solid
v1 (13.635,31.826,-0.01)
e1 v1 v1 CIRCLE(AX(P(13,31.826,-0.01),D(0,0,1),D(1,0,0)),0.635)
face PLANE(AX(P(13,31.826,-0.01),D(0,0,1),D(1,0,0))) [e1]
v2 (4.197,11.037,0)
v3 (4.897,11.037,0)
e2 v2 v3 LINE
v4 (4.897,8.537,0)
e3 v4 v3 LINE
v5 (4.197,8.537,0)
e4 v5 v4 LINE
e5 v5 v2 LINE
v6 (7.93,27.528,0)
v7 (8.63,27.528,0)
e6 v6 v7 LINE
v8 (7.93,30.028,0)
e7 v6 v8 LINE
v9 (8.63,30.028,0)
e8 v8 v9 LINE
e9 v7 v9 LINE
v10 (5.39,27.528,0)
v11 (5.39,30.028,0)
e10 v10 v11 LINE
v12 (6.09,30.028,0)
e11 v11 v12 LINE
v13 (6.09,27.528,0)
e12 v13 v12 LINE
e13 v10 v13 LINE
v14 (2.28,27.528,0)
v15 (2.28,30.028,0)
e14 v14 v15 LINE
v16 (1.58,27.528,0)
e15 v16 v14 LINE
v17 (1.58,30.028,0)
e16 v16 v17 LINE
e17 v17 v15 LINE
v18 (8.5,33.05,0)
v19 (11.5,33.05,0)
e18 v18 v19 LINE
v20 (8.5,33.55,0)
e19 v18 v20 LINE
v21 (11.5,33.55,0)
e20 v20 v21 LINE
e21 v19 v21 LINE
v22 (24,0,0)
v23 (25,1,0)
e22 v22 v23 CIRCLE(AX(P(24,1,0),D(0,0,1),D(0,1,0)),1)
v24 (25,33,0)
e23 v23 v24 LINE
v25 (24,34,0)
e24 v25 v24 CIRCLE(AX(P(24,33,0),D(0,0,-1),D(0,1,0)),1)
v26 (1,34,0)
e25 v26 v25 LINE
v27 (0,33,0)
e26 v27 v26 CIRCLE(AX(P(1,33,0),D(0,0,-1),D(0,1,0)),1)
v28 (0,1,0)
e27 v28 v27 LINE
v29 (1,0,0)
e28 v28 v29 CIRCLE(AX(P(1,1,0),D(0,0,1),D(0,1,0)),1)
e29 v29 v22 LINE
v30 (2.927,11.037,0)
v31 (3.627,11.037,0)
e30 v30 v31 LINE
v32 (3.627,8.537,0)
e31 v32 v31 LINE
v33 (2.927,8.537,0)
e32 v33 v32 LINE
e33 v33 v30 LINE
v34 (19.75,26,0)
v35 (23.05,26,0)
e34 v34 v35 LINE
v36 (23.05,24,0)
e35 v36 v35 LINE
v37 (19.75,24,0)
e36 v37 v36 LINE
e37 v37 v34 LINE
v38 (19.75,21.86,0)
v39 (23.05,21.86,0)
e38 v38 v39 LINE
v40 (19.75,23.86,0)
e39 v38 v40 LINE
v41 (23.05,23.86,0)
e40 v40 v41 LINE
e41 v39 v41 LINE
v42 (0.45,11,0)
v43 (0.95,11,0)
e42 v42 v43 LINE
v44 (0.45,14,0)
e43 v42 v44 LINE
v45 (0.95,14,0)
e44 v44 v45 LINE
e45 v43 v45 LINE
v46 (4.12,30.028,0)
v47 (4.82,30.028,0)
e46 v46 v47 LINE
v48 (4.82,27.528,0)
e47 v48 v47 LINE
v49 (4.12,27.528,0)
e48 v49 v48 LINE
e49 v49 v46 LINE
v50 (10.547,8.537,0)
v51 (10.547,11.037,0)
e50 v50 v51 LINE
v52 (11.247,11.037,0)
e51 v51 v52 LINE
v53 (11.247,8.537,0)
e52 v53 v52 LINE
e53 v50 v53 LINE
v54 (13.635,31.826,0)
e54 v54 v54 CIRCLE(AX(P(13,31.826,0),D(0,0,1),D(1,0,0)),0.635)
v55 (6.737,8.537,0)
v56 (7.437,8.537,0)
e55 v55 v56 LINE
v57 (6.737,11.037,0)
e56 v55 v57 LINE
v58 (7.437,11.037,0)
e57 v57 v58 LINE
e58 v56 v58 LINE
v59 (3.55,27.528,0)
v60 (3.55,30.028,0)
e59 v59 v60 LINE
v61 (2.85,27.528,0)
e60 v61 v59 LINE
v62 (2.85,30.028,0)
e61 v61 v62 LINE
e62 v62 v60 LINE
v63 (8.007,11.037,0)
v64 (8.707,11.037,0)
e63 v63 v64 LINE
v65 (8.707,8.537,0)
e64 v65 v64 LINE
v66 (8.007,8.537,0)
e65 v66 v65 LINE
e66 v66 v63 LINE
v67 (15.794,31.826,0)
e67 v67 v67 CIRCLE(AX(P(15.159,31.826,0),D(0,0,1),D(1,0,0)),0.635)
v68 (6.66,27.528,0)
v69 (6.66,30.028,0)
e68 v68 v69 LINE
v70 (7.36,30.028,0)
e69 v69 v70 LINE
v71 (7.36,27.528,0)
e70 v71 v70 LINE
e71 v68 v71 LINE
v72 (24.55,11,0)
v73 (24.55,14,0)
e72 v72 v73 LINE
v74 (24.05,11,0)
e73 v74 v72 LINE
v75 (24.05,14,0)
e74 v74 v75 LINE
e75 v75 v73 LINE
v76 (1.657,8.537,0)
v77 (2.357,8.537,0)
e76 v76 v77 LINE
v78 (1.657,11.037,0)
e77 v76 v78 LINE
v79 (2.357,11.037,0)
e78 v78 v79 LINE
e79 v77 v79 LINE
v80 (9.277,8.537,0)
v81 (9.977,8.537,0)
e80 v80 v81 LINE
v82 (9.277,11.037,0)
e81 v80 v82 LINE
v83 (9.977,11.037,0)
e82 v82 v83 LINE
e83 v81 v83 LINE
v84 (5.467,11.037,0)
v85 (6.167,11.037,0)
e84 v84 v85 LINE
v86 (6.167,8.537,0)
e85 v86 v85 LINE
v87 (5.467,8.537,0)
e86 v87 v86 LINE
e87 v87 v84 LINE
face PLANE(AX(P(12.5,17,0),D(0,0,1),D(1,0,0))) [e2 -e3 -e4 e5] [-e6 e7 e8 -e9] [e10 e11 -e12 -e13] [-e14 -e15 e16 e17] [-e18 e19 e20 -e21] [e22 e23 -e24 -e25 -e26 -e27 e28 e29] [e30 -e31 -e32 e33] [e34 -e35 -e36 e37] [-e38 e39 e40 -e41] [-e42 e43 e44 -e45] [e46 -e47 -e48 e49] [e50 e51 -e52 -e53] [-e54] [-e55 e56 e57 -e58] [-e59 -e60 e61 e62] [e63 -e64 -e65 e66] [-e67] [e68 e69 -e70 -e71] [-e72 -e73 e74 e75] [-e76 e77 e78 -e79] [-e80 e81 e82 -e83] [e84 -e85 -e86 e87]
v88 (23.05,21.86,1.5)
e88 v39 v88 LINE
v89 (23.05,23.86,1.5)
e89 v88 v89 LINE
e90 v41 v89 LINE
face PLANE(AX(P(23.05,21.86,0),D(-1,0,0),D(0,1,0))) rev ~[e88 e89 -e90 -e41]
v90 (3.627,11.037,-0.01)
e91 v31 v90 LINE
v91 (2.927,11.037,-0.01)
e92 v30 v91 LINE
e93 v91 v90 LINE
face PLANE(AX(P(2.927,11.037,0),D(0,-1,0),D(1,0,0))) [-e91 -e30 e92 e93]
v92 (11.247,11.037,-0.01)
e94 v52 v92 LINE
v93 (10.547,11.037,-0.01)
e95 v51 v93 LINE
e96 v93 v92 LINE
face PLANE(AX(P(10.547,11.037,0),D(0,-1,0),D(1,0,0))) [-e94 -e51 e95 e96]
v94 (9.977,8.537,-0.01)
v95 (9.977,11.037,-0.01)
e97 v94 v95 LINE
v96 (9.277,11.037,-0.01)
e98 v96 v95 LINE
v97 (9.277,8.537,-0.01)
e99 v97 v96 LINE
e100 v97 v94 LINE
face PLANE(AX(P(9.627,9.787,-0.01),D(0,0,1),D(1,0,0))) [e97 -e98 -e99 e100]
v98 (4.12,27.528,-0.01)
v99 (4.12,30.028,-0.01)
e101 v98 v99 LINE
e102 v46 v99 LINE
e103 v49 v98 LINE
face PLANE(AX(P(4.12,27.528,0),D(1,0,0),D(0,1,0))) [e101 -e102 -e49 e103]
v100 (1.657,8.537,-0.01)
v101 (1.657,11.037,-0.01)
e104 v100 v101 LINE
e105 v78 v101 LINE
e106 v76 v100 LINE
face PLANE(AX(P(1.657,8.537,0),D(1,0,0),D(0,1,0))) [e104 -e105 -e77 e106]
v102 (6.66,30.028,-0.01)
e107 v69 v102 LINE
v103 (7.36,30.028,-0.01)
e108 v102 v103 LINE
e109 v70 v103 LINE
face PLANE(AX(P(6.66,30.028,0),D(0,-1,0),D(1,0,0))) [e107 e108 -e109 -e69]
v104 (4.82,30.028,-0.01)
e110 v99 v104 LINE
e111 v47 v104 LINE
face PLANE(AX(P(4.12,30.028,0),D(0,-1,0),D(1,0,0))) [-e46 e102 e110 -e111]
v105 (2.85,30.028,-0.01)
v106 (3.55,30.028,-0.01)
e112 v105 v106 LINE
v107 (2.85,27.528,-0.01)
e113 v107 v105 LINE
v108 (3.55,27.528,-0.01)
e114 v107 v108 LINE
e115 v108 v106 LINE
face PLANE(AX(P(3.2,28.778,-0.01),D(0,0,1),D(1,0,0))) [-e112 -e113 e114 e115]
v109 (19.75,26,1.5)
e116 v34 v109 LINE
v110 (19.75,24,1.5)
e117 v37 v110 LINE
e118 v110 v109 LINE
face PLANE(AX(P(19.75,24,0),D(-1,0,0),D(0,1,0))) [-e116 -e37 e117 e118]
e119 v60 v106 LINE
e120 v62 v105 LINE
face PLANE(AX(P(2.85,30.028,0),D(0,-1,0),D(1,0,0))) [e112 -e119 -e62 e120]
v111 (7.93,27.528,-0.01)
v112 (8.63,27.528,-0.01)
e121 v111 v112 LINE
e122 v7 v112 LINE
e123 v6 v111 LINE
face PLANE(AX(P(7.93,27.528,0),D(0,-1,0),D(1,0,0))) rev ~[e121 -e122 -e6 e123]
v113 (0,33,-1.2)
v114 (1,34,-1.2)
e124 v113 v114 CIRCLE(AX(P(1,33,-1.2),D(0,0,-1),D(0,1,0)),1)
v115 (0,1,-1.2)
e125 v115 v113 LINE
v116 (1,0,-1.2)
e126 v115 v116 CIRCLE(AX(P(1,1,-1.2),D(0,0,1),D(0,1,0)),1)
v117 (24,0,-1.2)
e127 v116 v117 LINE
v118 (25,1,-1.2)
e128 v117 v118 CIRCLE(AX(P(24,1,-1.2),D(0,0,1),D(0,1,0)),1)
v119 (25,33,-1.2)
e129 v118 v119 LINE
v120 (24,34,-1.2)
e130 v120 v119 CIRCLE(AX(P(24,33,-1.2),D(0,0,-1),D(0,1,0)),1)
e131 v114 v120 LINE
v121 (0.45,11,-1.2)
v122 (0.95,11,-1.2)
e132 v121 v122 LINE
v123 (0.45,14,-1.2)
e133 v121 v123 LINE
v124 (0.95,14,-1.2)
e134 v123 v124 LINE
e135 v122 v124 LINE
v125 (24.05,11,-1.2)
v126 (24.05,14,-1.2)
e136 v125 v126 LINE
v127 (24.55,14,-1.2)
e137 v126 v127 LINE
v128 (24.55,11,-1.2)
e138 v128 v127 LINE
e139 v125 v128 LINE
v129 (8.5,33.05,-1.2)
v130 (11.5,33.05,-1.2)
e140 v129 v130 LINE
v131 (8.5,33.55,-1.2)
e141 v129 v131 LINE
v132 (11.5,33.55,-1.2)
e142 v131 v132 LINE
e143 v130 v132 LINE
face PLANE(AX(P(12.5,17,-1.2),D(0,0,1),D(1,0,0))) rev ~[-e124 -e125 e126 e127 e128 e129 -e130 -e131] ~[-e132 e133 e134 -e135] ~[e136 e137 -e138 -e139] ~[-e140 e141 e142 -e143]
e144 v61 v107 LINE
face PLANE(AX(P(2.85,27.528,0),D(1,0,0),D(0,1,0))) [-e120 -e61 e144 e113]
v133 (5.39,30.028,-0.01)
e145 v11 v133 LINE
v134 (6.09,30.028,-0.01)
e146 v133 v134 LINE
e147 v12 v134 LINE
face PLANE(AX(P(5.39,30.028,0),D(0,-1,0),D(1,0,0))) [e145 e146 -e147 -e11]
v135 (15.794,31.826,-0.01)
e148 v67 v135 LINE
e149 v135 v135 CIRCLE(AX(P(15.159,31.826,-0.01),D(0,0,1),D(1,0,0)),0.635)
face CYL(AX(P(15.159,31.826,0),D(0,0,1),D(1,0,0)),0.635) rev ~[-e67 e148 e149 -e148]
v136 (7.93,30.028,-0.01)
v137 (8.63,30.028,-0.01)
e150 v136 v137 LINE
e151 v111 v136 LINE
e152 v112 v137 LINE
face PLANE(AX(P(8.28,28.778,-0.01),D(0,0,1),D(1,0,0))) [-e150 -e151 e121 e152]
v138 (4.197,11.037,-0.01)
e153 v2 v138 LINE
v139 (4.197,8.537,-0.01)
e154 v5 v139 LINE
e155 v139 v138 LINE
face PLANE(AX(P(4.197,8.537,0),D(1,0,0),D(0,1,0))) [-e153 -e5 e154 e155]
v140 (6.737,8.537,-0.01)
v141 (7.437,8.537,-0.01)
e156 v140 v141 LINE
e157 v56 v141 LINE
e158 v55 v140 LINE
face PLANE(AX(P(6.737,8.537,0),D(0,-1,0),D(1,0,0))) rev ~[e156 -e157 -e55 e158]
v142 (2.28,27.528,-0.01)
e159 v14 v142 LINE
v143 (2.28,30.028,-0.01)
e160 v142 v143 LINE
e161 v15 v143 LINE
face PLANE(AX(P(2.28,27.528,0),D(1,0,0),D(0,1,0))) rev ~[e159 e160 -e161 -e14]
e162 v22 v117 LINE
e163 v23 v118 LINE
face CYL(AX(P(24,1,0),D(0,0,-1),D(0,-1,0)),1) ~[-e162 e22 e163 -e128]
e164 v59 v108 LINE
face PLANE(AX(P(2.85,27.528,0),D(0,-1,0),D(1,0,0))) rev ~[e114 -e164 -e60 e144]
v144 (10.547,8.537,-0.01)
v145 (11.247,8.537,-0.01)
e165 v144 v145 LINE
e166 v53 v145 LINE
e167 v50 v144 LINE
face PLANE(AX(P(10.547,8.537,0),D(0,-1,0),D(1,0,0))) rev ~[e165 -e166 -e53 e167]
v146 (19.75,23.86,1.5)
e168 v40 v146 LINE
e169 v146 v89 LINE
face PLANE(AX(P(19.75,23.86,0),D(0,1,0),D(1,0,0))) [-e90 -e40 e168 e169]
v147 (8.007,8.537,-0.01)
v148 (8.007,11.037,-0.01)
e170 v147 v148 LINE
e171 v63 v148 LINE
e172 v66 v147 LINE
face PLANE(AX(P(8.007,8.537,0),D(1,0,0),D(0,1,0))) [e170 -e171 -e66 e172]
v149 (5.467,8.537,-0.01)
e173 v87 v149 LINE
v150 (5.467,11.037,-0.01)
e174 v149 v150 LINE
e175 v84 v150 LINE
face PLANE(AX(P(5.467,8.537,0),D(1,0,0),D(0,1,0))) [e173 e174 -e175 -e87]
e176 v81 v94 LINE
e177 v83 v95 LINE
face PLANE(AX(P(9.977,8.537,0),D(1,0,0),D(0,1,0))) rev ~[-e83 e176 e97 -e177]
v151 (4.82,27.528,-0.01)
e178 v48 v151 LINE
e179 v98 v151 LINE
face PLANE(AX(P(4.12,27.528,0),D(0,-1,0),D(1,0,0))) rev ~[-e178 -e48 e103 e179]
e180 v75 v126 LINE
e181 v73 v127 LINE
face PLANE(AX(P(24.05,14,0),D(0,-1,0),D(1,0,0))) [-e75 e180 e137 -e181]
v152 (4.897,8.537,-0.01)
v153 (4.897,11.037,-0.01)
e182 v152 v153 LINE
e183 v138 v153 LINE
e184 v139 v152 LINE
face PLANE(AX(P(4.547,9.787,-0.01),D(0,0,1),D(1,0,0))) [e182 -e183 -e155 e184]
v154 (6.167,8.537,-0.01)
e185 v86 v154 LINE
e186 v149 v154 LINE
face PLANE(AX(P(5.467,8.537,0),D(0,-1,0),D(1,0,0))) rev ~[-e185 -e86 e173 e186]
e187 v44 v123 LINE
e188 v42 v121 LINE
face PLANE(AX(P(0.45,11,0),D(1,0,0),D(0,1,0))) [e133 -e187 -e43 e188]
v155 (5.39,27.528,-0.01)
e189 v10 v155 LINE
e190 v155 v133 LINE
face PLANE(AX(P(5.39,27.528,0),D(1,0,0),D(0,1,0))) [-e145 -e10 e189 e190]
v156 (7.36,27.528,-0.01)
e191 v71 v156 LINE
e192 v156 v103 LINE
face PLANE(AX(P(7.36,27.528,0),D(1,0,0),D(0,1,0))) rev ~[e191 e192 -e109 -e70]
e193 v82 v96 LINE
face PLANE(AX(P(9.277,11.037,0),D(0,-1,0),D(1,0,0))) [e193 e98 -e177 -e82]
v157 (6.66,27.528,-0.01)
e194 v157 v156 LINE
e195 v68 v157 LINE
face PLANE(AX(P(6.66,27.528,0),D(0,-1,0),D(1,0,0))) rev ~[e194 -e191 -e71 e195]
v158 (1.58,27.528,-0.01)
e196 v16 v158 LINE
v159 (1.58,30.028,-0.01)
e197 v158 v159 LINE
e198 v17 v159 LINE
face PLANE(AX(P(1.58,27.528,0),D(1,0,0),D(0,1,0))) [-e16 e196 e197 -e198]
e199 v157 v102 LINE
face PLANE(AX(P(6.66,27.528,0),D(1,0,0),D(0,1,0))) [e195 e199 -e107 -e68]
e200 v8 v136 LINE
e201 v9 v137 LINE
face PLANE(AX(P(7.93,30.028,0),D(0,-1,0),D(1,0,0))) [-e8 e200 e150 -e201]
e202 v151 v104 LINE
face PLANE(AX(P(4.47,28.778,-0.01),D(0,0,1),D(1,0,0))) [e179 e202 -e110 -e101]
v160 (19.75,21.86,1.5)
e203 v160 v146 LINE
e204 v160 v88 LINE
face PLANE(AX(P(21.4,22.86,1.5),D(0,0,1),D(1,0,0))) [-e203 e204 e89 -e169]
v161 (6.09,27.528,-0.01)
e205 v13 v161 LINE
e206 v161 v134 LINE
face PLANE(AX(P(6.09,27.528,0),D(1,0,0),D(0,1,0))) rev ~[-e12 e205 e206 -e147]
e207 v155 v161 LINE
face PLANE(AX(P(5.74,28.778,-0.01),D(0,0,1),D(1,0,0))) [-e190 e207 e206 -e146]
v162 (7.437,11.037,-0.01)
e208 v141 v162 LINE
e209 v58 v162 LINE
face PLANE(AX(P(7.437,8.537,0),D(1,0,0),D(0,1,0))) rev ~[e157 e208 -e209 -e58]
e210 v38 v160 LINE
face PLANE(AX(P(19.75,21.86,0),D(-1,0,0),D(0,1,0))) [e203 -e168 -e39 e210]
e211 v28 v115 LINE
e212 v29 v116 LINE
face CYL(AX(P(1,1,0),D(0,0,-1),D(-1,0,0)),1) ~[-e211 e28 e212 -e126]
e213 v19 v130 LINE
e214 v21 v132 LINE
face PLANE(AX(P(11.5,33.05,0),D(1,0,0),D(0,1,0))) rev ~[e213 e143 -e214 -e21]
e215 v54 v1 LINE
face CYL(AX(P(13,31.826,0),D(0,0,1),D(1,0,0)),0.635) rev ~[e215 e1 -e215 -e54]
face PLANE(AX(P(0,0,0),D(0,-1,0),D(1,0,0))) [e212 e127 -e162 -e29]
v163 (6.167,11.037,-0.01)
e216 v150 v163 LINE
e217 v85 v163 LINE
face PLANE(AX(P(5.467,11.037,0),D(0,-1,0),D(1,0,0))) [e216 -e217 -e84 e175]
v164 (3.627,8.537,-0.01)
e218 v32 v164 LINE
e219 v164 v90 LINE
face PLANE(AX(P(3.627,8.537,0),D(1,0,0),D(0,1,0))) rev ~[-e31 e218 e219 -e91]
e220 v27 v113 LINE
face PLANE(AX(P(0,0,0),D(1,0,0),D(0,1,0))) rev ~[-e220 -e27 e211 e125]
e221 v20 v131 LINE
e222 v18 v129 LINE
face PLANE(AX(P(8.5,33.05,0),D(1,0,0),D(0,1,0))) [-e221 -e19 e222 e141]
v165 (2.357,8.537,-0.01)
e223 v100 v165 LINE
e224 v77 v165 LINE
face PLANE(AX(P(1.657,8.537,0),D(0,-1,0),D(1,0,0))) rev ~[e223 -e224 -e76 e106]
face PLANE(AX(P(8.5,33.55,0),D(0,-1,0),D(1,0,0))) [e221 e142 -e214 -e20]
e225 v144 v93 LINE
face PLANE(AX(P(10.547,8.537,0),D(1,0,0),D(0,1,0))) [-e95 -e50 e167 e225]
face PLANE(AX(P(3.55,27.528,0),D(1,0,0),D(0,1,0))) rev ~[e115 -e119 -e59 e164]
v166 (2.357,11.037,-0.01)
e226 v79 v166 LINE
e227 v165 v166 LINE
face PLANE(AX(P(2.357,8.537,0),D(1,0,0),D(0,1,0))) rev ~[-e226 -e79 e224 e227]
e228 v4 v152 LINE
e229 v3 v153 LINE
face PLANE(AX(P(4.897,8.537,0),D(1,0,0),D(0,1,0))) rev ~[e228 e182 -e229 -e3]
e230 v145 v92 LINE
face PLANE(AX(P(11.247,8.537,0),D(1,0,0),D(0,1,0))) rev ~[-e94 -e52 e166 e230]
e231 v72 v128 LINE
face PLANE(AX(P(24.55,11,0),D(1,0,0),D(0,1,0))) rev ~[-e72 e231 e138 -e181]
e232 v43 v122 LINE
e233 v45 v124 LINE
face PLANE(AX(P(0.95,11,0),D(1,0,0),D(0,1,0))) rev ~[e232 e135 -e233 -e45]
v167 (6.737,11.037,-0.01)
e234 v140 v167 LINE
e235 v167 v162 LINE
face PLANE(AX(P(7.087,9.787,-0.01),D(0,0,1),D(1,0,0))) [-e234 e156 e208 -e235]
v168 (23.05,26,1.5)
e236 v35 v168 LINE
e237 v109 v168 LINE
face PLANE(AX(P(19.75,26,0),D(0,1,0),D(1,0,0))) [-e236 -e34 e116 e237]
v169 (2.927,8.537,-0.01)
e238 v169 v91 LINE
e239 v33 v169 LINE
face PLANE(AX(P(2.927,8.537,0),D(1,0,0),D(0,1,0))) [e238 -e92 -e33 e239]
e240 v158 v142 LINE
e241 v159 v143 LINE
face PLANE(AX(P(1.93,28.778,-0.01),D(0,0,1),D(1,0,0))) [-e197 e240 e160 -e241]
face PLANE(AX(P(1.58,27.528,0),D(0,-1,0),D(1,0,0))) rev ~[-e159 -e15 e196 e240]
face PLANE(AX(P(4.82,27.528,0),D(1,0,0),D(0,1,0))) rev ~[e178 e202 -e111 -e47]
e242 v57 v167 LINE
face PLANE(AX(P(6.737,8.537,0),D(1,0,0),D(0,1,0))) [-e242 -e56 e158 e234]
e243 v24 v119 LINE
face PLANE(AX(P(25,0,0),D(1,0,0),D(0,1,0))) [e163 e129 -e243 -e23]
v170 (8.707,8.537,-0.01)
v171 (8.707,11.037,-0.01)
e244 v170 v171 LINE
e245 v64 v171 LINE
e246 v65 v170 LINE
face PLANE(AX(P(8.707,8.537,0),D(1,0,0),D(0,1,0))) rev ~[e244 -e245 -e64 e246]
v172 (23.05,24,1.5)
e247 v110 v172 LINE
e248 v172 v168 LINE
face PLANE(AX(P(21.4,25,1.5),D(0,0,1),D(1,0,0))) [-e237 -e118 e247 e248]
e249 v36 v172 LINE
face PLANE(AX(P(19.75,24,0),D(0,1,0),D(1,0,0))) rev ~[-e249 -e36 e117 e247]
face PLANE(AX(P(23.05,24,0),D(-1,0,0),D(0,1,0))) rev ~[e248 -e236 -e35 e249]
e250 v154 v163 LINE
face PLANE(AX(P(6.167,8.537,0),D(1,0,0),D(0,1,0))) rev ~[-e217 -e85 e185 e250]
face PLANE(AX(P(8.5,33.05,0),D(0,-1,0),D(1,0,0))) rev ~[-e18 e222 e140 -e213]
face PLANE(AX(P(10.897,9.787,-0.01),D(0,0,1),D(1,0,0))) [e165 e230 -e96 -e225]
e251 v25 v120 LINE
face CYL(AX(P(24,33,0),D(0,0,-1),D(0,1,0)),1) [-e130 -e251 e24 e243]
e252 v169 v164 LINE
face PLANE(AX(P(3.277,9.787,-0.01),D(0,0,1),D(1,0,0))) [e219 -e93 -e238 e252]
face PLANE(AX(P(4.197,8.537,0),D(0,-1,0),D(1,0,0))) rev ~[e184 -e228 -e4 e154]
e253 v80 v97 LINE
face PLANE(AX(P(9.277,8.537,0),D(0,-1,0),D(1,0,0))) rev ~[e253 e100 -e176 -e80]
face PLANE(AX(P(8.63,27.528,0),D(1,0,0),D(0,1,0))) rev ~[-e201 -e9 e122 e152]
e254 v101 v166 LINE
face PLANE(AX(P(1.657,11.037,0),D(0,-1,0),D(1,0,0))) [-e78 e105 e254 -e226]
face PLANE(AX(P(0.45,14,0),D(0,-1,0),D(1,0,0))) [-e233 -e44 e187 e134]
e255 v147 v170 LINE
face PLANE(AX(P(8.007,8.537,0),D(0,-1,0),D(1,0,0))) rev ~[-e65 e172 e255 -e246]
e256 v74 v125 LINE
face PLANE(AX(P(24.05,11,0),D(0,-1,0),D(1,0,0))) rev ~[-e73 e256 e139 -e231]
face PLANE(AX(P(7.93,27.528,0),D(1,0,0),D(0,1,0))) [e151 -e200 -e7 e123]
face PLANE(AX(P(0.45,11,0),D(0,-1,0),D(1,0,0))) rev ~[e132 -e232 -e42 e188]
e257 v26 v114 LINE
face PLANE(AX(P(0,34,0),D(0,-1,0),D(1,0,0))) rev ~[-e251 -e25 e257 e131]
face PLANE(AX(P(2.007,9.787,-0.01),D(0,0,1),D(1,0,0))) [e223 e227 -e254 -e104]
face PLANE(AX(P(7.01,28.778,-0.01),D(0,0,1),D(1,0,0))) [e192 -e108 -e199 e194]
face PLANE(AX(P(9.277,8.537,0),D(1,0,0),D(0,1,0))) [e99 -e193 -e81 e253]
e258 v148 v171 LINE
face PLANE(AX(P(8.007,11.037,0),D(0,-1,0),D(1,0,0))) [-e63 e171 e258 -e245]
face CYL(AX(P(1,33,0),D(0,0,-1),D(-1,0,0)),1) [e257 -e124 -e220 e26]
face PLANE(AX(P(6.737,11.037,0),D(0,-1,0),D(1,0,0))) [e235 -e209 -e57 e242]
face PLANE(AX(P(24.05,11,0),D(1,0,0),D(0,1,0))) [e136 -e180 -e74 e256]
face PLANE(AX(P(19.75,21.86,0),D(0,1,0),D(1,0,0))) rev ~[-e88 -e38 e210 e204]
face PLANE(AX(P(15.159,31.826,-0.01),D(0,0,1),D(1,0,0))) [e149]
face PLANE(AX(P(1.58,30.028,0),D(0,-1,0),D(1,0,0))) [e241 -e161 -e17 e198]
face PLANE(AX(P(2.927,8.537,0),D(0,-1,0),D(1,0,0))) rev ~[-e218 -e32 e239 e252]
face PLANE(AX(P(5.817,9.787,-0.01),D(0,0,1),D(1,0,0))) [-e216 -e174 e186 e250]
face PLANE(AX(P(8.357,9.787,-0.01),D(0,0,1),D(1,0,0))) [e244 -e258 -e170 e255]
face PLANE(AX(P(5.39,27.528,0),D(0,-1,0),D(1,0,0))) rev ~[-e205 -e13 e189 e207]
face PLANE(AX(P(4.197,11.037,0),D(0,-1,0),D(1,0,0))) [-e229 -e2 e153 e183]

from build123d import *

# Parameters (mm, degrees)
SKETCH_1_W          = 25
SKETCH_1_H          = 34
EXTRUDE_1_DEPTH     = 1.2
SKETCH_1_3_W        = 0.7
SKETCH_1_3_H        = 2.5
SKETCH_1_3_R        = 0.635
CUT_EXTRUDE_1_DEPTH = 0.01
SKETCH_1_4_W        = 3
SKETCH_1_4_H        = 0.5
SKETCH_1_4_W_2      = 0.5
SKETCH_1_4_H_2      = 3
CUT_EXTRUDE_2_DEPTH = 2.2
FILLET_1_R          = 1
SKETCH_1_5_W        = 3.3
SKETCH_1_5_H        = 2
EXTRUDE_2_DEPTH     = 1.5


with BuildPart() as part:
    # Sketch 1 → Extrude 1 (new body)
    with BuildSketch(Plane.XY):
        with Locations((12.5, 17)):
            Rectangle(SKETCH_1_W, SKETCH_1_H)
    extrude(amount=-EXTRUDE_1_DEPTH)

    # Sketch 1_3 → Cut-Extrude 1 (cut)
    with BuildSketch(Plane.XY):
        with Locations((1.93, 28.778)):
            Rectangle(SKETCH_1_3_W, SKETCH_1_3_H)
        with Locations((3.2, 28.778)):
            Rectangle(SKETCH_1_3_W, SKETCH_1_3_H)
        with Locations((5.74, 28.778)):
            Rectangle(SKETCH_1_3_W, SKETCH_1_3_H)
        with Locations((7.01, 28.778)):
            Rectangle(SKETCH_1_3_W, SKETCH_1_3_H)
        with Locations((8.28, 28.778)):
            Rectangle(SKETCH_1_3_W, SKETCH_1_3_H)
        with Locations((13, 31.826)):
            Circle(SKETCH_1_3_R)
        with Locations((15.159, 31.826)):
            Circle(SKETCH_1_3_R)
        with Locations((4.47, 28.778)):
            Rectangle(SKETCH_1_3_W, SKETCH_1_3_H)
        with Locations((2.007, 9.787)):
            Rectangle(SKETCH_1_3_W, SKETCH_1_3_H)
        with Locations((3.277, 9.787)):
            Rectangle(SKETCH_1_3_W, SKETCH_1_3_H)
        with Locations((4.547, 9.787)):
            Rectangle(SKETCH_1_3_W, SKETCH_1_3_H)
        with Locations((5.817, 9.787)):
            Rectangle(SKETCH_1_3_W, SKETCH_1_3_H)
        with Locations((7.087, 9.787)):
            Rectangle(SKETCH_1_3_W, SKETCH_1_3_H)
        with Locations((8.357, 9.787)):
            Rectangle(SKETCH_1_3_W, SKETCH_1_3_H)
        with Locations((9.627, 9.787)):
            Rectangle(SKETCH_1_3_W, SKETCH_1_3_H)
        with Locations((10.897, 9.787)):
            Rectangle(SKETCH_1_3_W, SKETCH_1_3_H)
    extrude(amount=-CUT_EXTRUDE_1_DEPTH, mode=Mode.SUBTRACT)

    # Sketch 1_4 → Cut-Extrude 2 (cut, through all)
    with BuildSketch(Plane.XY):
        with Locations((10, 33.3)):
            Rectangle(SKETCH_1_4_W, SKETCH_1_4_H)
        with Locations((0.7, 12.5)):
            Rectangle(SKETCH_1_4_W_2, SKETCH_1_4_H_2)
        with Locations((24.3, 12.5)):
            Rectangle(SKETCH_1_4_W_2, SKETCH_1_4_H_2)
    extrude(amount=-CUT_EXTRUDE_2_DEPTH, mode=Mode.SUBTRACT)

    # Fillet 1
    fillet_1_edges = [part.edges().sort_by_distance(p)[0] for p in [
        (0, 0, -0.6),
        (0, 34, -0.6),
        (25, 34, -0.6),
        (25, 0, -0.6),
    ]]
    fillet(fillet_1_edges, radius=FILLET_1_R)

    # Sketch 1_5 → Extrude 2 (add)
    with BuildSketch(Plane.XY):
        with Locations((21.4, 25)):
            Rectangle(SKETCH_1_5_W, SKETCH_1_5_H)
        with Locations((21.4, 22.86)):
            Rectangle(SKETCH_1_5_W, SKETCH_1_5_H)
    extrude(amount=EXTRUDE_2_DEPTH)


solid = part.part
